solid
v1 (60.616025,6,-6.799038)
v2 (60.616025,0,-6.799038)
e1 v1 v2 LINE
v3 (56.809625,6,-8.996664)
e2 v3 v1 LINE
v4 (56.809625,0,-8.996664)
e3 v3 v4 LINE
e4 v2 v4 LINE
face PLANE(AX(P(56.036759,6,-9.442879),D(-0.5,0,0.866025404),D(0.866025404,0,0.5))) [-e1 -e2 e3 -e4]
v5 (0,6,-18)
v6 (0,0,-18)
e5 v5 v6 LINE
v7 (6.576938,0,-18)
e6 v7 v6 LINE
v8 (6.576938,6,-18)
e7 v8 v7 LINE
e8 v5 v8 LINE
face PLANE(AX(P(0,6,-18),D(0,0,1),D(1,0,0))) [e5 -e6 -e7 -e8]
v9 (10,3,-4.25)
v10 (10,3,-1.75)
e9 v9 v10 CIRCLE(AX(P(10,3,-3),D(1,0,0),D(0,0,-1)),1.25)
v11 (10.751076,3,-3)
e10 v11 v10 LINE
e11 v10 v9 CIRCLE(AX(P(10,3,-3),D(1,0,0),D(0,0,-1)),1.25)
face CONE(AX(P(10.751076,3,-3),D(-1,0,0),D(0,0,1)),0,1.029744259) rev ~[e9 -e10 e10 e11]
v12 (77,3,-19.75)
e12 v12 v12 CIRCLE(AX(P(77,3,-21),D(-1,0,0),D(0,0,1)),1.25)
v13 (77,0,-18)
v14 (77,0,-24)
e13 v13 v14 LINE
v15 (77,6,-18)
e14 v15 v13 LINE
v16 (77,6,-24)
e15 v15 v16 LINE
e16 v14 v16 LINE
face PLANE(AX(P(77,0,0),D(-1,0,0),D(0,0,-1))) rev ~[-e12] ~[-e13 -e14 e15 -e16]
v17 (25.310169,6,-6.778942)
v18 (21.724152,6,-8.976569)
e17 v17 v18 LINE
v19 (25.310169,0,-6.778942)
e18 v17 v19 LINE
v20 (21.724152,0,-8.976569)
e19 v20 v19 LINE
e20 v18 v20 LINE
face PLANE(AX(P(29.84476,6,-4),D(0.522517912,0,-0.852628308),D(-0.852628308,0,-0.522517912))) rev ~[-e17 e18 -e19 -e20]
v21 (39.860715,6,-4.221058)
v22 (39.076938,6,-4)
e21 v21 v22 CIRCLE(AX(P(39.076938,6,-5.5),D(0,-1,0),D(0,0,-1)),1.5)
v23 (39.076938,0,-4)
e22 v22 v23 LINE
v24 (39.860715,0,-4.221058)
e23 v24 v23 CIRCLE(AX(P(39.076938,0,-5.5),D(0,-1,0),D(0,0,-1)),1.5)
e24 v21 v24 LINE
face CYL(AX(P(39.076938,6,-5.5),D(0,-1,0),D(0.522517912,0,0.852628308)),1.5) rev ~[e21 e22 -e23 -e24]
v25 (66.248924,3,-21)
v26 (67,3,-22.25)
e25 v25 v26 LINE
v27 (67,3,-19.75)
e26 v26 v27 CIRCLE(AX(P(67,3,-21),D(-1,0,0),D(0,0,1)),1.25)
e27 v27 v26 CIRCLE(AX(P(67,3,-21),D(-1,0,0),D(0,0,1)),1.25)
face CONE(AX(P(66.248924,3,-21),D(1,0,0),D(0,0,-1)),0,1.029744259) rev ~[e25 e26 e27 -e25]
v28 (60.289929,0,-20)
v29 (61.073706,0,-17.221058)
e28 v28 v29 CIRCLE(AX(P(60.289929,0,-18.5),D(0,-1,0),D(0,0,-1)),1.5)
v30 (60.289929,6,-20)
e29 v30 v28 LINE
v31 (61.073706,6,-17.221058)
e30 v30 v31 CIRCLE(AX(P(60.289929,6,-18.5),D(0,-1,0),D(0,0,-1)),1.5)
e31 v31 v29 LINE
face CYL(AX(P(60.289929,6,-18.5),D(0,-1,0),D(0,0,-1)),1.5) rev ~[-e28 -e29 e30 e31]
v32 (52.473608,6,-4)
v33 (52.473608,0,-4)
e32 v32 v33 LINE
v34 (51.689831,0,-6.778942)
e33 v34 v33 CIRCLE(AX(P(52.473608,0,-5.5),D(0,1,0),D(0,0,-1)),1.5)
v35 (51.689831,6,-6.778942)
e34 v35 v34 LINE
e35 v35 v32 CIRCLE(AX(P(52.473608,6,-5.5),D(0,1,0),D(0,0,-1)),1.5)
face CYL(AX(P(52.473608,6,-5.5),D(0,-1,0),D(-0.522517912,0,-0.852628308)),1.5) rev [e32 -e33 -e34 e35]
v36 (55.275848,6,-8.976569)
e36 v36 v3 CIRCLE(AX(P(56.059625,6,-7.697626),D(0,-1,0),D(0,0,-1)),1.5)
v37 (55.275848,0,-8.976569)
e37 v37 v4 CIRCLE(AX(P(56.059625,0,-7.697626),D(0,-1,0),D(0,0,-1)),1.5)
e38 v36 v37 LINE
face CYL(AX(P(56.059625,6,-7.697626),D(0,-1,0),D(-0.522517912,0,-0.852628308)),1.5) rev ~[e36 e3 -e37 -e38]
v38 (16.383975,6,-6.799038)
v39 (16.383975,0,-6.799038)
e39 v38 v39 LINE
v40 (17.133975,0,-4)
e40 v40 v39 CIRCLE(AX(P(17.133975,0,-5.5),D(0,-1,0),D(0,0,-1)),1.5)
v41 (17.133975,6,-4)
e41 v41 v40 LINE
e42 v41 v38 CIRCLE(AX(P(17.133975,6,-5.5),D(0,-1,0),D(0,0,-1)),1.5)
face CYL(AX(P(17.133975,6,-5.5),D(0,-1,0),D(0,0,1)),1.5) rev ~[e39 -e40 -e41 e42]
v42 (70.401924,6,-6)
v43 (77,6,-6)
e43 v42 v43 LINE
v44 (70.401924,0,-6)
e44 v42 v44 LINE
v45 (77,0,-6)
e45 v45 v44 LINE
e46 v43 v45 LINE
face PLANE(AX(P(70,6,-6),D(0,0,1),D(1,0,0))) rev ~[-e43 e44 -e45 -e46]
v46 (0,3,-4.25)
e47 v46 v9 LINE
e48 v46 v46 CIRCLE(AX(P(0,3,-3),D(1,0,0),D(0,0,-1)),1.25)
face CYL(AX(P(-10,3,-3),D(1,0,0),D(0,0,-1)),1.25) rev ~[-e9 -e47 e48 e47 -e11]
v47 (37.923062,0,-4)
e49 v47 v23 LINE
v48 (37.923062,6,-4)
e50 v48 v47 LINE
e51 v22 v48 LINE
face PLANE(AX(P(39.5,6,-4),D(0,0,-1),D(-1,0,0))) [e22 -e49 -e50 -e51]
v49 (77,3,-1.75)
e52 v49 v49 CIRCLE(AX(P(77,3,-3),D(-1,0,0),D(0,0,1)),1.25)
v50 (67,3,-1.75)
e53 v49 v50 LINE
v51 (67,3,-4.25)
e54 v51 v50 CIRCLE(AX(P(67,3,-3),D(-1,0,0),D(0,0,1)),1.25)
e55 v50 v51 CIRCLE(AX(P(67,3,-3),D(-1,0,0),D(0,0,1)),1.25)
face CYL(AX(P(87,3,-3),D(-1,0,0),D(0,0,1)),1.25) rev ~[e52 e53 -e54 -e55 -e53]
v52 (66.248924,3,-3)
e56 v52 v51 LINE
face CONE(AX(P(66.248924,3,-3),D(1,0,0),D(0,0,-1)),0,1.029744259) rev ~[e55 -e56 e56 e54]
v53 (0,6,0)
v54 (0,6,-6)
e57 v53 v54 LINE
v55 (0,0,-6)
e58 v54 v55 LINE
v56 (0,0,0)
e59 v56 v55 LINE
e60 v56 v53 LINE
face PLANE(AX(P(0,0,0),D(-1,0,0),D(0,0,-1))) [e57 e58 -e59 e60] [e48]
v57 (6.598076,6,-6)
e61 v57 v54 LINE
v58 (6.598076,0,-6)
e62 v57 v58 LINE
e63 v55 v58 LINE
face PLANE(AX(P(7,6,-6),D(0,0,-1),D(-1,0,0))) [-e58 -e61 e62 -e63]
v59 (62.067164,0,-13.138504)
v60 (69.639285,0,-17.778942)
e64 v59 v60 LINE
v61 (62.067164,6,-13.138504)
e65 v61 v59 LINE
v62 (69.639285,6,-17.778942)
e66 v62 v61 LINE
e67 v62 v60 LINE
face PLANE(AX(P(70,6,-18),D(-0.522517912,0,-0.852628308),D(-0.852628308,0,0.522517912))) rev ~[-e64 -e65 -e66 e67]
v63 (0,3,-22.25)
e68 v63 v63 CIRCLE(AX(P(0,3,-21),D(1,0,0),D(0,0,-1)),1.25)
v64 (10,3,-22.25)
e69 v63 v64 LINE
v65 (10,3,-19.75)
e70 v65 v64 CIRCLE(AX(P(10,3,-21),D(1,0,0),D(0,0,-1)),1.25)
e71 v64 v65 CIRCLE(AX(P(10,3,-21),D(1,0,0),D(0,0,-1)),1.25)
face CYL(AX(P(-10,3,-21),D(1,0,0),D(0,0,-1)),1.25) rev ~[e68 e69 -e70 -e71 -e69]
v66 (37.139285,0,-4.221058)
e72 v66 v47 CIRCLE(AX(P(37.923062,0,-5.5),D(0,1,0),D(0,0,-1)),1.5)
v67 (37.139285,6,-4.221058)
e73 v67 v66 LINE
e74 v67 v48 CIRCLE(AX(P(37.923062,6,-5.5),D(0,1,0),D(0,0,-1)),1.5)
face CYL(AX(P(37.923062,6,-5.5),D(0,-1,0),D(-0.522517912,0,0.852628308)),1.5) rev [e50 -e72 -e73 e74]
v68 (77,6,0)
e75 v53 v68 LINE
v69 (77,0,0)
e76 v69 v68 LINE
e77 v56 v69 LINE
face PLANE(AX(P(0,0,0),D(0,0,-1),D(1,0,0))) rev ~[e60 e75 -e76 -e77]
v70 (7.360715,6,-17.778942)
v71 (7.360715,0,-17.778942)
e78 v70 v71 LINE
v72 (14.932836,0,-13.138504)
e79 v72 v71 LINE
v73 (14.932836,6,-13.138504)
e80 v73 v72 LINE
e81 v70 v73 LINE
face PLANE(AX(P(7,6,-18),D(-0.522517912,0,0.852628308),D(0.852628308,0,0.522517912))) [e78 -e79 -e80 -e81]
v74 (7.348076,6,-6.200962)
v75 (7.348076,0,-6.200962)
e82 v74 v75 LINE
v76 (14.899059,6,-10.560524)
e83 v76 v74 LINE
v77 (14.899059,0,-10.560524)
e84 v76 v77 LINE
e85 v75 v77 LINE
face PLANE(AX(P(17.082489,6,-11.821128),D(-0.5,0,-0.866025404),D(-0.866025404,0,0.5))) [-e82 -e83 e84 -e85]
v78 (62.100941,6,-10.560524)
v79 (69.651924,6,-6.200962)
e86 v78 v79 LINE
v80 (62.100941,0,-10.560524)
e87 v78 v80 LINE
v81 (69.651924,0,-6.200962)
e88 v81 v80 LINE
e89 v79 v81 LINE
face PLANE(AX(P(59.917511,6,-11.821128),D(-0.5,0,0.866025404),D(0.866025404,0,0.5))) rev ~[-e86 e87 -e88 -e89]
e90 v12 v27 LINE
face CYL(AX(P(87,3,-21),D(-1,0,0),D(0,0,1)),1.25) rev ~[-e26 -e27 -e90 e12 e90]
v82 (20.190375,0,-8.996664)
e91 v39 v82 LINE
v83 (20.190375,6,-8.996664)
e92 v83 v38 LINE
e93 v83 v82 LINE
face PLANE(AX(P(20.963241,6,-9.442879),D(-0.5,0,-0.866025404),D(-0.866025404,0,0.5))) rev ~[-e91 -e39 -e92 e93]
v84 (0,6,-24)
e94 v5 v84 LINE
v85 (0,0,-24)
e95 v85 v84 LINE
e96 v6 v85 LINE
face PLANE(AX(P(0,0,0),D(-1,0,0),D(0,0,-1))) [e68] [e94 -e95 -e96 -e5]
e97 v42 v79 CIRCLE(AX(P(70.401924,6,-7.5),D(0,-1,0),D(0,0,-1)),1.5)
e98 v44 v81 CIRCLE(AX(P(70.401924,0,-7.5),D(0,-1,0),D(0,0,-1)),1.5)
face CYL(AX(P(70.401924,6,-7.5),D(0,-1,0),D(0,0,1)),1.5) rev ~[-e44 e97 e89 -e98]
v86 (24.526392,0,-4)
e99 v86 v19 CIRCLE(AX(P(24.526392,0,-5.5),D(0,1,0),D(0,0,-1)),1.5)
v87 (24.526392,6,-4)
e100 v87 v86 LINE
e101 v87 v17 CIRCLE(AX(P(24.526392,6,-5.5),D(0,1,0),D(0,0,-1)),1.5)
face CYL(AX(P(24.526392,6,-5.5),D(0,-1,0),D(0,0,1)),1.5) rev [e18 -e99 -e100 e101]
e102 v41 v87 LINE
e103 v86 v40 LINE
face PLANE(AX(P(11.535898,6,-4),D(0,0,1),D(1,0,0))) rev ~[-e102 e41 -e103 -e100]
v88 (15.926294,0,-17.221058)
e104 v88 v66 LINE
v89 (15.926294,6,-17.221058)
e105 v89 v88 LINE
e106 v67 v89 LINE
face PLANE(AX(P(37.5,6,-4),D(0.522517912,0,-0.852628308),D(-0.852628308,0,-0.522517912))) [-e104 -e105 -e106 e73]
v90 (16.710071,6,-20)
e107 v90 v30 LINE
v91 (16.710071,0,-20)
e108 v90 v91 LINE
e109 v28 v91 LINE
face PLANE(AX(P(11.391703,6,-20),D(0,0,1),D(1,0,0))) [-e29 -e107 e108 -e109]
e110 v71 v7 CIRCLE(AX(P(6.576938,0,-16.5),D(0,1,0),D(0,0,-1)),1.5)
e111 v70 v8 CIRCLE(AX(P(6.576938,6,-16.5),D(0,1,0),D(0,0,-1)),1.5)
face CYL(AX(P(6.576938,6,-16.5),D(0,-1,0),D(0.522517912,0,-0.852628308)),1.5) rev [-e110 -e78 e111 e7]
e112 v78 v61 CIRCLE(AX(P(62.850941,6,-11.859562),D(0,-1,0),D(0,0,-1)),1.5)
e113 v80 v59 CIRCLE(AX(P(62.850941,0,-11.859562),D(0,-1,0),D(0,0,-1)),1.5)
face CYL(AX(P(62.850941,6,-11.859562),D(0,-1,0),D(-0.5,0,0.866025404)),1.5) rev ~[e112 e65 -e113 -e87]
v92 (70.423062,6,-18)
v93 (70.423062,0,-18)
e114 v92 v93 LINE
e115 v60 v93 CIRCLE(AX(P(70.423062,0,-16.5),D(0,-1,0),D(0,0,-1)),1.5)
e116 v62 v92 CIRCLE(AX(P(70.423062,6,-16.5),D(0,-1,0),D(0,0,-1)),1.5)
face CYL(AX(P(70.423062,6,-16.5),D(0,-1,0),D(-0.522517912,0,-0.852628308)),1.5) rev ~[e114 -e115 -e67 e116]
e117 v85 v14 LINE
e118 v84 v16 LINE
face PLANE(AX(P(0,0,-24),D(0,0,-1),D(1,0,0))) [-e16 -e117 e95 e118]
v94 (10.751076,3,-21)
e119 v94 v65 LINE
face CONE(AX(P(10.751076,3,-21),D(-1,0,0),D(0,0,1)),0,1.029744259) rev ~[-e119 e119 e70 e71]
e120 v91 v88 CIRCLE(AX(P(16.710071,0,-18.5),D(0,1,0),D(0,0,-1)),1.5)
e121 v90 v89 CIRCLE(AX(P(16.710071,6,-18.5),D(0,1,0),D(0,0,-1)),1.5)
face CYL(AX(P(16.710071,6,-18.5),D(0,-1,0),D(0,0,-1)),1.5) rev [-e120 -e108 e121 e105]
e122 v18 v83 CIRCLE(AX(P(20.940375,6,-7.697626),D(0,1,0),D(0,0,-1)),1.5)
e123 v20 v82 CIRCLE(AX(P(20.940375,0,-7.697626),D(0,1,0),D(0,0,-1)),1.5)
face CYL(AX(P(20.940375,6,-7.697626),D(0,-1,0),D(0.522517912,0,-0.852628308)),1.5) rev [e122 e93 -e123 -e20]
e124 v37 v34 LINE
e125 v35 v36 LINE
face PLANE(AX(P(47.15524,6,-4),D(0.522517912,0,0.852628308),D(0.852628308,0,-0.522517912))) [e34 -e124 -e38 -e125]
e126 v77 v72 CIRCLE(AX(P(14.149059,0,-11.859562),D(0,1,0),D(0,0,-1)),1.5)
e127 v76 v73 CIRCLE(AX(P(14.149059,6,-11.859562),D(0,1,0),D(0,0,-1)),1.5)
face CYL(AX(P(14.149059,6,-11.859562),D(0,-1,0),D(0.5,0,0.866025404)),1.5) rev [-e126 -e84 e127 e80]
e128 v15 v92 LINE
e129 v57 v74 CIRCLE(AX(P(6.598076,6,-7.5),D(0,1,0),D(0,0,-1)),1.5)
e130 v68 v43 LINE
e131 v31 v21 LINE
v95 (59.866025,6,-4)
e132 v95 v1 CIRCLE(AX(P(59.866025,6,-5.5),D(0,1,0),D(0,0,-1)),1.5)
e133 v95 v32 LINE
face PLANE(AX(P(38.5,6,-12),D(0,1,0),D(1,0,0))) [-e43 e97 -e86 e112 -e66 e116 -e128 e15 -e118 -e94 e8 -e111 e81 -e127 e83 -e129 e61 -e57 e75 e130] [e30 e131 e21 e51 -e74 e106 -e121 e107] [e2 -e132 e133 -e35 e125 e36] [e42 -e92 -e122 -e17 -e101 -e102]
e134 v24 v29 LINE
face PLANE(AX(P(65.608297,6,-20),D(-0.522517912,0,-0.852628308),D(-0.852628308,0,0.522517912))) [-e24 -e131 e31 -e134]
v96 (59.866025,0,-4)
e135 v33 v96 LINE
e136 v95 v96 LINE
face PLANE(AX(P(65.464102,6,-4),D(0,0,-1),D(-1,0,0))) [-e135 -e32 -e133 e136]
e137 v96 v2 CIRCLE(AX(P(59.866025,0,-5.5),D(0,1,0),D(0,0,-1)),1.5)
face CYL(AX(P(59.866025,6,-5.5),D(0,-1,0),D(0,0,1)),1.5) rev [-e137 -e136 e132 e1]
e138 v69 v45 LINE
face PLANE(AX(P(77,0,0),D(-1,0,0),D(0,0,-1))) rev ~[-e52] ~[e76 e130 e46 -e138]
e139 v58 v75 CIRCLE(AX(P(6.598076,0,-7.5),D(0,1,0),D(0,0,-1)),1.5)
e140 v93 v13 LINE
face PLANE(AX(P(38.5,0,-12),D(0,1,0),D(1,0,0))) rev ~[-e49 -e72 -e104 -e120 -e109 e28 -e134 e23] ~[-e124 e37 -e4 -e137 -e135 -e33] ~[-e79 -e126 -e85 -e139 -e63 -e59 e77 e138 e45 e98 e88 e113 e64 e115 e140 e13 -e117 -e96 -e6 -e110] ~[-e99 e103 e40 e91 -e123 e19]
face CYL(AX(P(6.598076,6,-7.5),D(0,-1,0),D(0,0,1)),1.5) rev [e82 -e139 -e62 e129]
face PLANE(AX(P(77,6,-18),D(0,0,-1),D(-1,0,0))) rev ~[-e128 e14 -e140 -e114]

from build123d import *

# Parameters (mm, degrees)
SKETCH1_W                   = 77
SKETCH1_H                   = 24
BOSS_EXTRUDE1_DEPTH         = 6
CUT_EXTRUDE1_REACH          = 8
TAP_DRILL_FOR_M3_TAP1_D     = 2.5
TAP_DRILL_FOR_M3_TAP1_DEPTH = 10
TAP_DRILL_FOR_M3_TAP1_TIP   = 0.751075774
TAP_DRILL_FOR_M3_TAP2_D     = 2.5
TAP_DRILL_FOR_M3_TAP2_DEPTH = 10
TAP_DRILL_FOR_M3_TAP2_TIP   = 0.751075774
FILLET1_R                   = 1.5


with BuildPart() as part:
    # Sketch1 → Boss-Extrude1 (new body)
    with BuildSketch(Plane(origin=(0, 0, 0), x_dir=(1, 0, 0), z_dir=(0, 1, 0))):
        with Locations((38.5, 12)):
            Rectangle(SKETCH1_W, SKETCH1_H)
    extrude(amount=BOSS_EXTRUDE1_DEPTH)

    # Sketch2 → Cut-Extrude1 (cut, up to next)
    with BuildSketch(Plane(origin=(0, 6, 0), x_dir=(1, 0, 0), z_dir=(0, 1, 0)), mode=Mode.PRIVATE) as cut_extrude1_sk1:
        Polygon((0, 18), (7, 18), (17.082489299, 11.821127911), (7, 6), (0, 6), align=None)
    cut_extrude1_tool1 = extrude(cut_extrude1_sk1.sketch, amount=-CUT_EXTRUDE1_REACH, mode=Mode.PRIVATE) & part.part
    add(cut_extrude1_tool1.solids().sort_by_distance((6.372388, 6, -11.975038))[0], mode=Mode.SUBTRACT)
    # Sketch2 → Cut-Extrude1 (cut, up to next)
    with BuildSketch(Plane(origin=(0, 6, 0), x_dir=(1, 0, 0), z_dir=(0, 1, 0)), mode=Mode.PRIVATE) as cut_extrude1_sk2:
        Polygon((11.391702814, 20), (65.608297186, 20), (39.5, 4), (37.5, 4), align=None)
    cut_extrude1_tool2 = extrude(cut_extrude1_sk2.sketch, amount=-CUT_EXTRUDE1_REACH, mode=Mode.PRIVATE) & part.part
    add(cut_extrude1_tool2.solids().sort_by_distance((38.5, 6, -14.476924))[0], mode=Mode.SUBTRACT)
    # Sketch2 → Cut-Extrude1 (cut, up to next)
    with BuildSketch(Plane(origin=(0, 6, 0), x_dir=(1, 0, 0), z_dir=(0, 1, 0)), mode=Mode.PRIVATE) as cut_extrude1_sk3:
        Polygon((77, 18), (70, 18), (59.917510701, 11.821127911), (70, 6), (77, 6), align=None)
    cut_extrude1_tool3 = extrude(cut_extrude1_sk3.sketch, amount=-CUT_EXTRUDE1_REACH, mode=Mode.PRIVATE) & part.part
    add(cut_extrude1_tool3.solids().sort_by_distance((70.627612, 6, -11.975038))[0], mode=Mode.SUBTRACT)
    # Sketch2 → Cut-Extrude1 (cut, up to next)
    with BuildSketch(Plane(origin=(0, 6, 0), x_dir=(1, 0, 0), z_dir=(0, 1, 0)), mode=Mode.PRIVATE) as cut_extrude1_sk4:
        Polygon((20.963241239, 9.442878935), (11.535898385, 4), (29.844760038, 4), align=None)
    cut_extrude1_tool4 = extrude(cut_extrude1_sk4.sketch, amount=-CUT_EXTRUDE1_REACH, mode=Mode.PRIVATE) & part.part
    add(cut_extrude1_tool4.solids().sort_by_distance((20.7813, 6, -5.814293))[0], mode=Mode.SUBTRACT)
    # Sketch2 → Cut-Extrude1 (cut, up to next)
    with BuildSketch(Plane(origin=(0, 6, 0), x_dir=(1, 0, 0), z_dir=(0, 1, 0)), mode=Mode.PRIVATE) as cut_extrude1_sk5:
        Polygon((47.155239962, 4), (56.036758761, 9.442878935), (65.464101615, 4), align=None)
    cut_extrude1_tool5 = extrude(cut_extrude1_sk5.sketch, amount=-CUT_EXTRUDE1_REACH, mode=Mode.PRIVATE) & part.part
    add(cut_extrude1_tool5.solids().sort_by_distance((56.2187, 6, -5.814293))[0], mode=Mode.SUBTRACT)

    # Tap Drill for M3 Tap1
    with Locations(Plane.ZY):
        with Locations((-21, 3), (-3, 3)):
            Hole(TAP_DRILL_FOR_M3_TAP1_D / 2, depth=TAP_DRILL_FOR_M3_TAP1_DEPTH)
            with Locations((0, 0, -(TAP_DRILL_FOR_M3_TAP1_DEPTH + TAP_DRILL_FOR_M3_TAP1_TIP / 2))):  # 118° drill point
                Cone(0, TAP_DRILL_FOR_M3_TAP1_D / 2, TAP_DRILL_FOR_M3_TAP1_TIP, mode=Mode.SUBTRACT)

    # Tap Drill for M3 Tap2
    with Locations(Plane(origin=(77, 0, 0), x_dir=(0, 0, -1), z_dir=(1, 0, 0))):
        with Locations((3, 3), (21, 3)):
            Hole(TAP_DRILL_FOR_M3_TAP2_D / 2, depth=TAP_DRILL_FOR_M3_TAP2_DEPTH)
            with Locations((0, 0, -(TAP_DRILL_FOR_M3_TAP2_DEPTH + TAP_DRILL_FOR_M3_TAP2_TIP / 2))):  # 118° drill point
                Cone(0, TAP_DRILL_FOR_M3_TAP2_D / 2, TAP_DRILL_FOR_M3_TAP2_TIP, mode=Mode.SUBTRACT)

    # Fillet1
    fillet1_edges = [part.edges().sort_by_distance(p)[0] for p in [
        (7, 3, -18),
        (17.082489299, 3, -11.821127911),
        (7, 3, -6),
        (70, 3, -6),
        (59.917510701, 3, -11.821127911),
        (70, 3, -18),
        (37.5, 3, -4),
        (11.391702814, 3, -20),
        (65.608297186, 3, -20),
        (39.5, 3, -4),
        (20.963241239, 3, -9.442878935),
        (29.844760038, 3, -4),
        (11.535898385, 3, -4),
        (65.464101615, 3, -4),
        (47.155239962, 3, -4),
        (56.036758761, 3, -9.442878935),
    ]]
    fillet(fillet1_edges, radius=FILLET1_R)


solid = part.part
